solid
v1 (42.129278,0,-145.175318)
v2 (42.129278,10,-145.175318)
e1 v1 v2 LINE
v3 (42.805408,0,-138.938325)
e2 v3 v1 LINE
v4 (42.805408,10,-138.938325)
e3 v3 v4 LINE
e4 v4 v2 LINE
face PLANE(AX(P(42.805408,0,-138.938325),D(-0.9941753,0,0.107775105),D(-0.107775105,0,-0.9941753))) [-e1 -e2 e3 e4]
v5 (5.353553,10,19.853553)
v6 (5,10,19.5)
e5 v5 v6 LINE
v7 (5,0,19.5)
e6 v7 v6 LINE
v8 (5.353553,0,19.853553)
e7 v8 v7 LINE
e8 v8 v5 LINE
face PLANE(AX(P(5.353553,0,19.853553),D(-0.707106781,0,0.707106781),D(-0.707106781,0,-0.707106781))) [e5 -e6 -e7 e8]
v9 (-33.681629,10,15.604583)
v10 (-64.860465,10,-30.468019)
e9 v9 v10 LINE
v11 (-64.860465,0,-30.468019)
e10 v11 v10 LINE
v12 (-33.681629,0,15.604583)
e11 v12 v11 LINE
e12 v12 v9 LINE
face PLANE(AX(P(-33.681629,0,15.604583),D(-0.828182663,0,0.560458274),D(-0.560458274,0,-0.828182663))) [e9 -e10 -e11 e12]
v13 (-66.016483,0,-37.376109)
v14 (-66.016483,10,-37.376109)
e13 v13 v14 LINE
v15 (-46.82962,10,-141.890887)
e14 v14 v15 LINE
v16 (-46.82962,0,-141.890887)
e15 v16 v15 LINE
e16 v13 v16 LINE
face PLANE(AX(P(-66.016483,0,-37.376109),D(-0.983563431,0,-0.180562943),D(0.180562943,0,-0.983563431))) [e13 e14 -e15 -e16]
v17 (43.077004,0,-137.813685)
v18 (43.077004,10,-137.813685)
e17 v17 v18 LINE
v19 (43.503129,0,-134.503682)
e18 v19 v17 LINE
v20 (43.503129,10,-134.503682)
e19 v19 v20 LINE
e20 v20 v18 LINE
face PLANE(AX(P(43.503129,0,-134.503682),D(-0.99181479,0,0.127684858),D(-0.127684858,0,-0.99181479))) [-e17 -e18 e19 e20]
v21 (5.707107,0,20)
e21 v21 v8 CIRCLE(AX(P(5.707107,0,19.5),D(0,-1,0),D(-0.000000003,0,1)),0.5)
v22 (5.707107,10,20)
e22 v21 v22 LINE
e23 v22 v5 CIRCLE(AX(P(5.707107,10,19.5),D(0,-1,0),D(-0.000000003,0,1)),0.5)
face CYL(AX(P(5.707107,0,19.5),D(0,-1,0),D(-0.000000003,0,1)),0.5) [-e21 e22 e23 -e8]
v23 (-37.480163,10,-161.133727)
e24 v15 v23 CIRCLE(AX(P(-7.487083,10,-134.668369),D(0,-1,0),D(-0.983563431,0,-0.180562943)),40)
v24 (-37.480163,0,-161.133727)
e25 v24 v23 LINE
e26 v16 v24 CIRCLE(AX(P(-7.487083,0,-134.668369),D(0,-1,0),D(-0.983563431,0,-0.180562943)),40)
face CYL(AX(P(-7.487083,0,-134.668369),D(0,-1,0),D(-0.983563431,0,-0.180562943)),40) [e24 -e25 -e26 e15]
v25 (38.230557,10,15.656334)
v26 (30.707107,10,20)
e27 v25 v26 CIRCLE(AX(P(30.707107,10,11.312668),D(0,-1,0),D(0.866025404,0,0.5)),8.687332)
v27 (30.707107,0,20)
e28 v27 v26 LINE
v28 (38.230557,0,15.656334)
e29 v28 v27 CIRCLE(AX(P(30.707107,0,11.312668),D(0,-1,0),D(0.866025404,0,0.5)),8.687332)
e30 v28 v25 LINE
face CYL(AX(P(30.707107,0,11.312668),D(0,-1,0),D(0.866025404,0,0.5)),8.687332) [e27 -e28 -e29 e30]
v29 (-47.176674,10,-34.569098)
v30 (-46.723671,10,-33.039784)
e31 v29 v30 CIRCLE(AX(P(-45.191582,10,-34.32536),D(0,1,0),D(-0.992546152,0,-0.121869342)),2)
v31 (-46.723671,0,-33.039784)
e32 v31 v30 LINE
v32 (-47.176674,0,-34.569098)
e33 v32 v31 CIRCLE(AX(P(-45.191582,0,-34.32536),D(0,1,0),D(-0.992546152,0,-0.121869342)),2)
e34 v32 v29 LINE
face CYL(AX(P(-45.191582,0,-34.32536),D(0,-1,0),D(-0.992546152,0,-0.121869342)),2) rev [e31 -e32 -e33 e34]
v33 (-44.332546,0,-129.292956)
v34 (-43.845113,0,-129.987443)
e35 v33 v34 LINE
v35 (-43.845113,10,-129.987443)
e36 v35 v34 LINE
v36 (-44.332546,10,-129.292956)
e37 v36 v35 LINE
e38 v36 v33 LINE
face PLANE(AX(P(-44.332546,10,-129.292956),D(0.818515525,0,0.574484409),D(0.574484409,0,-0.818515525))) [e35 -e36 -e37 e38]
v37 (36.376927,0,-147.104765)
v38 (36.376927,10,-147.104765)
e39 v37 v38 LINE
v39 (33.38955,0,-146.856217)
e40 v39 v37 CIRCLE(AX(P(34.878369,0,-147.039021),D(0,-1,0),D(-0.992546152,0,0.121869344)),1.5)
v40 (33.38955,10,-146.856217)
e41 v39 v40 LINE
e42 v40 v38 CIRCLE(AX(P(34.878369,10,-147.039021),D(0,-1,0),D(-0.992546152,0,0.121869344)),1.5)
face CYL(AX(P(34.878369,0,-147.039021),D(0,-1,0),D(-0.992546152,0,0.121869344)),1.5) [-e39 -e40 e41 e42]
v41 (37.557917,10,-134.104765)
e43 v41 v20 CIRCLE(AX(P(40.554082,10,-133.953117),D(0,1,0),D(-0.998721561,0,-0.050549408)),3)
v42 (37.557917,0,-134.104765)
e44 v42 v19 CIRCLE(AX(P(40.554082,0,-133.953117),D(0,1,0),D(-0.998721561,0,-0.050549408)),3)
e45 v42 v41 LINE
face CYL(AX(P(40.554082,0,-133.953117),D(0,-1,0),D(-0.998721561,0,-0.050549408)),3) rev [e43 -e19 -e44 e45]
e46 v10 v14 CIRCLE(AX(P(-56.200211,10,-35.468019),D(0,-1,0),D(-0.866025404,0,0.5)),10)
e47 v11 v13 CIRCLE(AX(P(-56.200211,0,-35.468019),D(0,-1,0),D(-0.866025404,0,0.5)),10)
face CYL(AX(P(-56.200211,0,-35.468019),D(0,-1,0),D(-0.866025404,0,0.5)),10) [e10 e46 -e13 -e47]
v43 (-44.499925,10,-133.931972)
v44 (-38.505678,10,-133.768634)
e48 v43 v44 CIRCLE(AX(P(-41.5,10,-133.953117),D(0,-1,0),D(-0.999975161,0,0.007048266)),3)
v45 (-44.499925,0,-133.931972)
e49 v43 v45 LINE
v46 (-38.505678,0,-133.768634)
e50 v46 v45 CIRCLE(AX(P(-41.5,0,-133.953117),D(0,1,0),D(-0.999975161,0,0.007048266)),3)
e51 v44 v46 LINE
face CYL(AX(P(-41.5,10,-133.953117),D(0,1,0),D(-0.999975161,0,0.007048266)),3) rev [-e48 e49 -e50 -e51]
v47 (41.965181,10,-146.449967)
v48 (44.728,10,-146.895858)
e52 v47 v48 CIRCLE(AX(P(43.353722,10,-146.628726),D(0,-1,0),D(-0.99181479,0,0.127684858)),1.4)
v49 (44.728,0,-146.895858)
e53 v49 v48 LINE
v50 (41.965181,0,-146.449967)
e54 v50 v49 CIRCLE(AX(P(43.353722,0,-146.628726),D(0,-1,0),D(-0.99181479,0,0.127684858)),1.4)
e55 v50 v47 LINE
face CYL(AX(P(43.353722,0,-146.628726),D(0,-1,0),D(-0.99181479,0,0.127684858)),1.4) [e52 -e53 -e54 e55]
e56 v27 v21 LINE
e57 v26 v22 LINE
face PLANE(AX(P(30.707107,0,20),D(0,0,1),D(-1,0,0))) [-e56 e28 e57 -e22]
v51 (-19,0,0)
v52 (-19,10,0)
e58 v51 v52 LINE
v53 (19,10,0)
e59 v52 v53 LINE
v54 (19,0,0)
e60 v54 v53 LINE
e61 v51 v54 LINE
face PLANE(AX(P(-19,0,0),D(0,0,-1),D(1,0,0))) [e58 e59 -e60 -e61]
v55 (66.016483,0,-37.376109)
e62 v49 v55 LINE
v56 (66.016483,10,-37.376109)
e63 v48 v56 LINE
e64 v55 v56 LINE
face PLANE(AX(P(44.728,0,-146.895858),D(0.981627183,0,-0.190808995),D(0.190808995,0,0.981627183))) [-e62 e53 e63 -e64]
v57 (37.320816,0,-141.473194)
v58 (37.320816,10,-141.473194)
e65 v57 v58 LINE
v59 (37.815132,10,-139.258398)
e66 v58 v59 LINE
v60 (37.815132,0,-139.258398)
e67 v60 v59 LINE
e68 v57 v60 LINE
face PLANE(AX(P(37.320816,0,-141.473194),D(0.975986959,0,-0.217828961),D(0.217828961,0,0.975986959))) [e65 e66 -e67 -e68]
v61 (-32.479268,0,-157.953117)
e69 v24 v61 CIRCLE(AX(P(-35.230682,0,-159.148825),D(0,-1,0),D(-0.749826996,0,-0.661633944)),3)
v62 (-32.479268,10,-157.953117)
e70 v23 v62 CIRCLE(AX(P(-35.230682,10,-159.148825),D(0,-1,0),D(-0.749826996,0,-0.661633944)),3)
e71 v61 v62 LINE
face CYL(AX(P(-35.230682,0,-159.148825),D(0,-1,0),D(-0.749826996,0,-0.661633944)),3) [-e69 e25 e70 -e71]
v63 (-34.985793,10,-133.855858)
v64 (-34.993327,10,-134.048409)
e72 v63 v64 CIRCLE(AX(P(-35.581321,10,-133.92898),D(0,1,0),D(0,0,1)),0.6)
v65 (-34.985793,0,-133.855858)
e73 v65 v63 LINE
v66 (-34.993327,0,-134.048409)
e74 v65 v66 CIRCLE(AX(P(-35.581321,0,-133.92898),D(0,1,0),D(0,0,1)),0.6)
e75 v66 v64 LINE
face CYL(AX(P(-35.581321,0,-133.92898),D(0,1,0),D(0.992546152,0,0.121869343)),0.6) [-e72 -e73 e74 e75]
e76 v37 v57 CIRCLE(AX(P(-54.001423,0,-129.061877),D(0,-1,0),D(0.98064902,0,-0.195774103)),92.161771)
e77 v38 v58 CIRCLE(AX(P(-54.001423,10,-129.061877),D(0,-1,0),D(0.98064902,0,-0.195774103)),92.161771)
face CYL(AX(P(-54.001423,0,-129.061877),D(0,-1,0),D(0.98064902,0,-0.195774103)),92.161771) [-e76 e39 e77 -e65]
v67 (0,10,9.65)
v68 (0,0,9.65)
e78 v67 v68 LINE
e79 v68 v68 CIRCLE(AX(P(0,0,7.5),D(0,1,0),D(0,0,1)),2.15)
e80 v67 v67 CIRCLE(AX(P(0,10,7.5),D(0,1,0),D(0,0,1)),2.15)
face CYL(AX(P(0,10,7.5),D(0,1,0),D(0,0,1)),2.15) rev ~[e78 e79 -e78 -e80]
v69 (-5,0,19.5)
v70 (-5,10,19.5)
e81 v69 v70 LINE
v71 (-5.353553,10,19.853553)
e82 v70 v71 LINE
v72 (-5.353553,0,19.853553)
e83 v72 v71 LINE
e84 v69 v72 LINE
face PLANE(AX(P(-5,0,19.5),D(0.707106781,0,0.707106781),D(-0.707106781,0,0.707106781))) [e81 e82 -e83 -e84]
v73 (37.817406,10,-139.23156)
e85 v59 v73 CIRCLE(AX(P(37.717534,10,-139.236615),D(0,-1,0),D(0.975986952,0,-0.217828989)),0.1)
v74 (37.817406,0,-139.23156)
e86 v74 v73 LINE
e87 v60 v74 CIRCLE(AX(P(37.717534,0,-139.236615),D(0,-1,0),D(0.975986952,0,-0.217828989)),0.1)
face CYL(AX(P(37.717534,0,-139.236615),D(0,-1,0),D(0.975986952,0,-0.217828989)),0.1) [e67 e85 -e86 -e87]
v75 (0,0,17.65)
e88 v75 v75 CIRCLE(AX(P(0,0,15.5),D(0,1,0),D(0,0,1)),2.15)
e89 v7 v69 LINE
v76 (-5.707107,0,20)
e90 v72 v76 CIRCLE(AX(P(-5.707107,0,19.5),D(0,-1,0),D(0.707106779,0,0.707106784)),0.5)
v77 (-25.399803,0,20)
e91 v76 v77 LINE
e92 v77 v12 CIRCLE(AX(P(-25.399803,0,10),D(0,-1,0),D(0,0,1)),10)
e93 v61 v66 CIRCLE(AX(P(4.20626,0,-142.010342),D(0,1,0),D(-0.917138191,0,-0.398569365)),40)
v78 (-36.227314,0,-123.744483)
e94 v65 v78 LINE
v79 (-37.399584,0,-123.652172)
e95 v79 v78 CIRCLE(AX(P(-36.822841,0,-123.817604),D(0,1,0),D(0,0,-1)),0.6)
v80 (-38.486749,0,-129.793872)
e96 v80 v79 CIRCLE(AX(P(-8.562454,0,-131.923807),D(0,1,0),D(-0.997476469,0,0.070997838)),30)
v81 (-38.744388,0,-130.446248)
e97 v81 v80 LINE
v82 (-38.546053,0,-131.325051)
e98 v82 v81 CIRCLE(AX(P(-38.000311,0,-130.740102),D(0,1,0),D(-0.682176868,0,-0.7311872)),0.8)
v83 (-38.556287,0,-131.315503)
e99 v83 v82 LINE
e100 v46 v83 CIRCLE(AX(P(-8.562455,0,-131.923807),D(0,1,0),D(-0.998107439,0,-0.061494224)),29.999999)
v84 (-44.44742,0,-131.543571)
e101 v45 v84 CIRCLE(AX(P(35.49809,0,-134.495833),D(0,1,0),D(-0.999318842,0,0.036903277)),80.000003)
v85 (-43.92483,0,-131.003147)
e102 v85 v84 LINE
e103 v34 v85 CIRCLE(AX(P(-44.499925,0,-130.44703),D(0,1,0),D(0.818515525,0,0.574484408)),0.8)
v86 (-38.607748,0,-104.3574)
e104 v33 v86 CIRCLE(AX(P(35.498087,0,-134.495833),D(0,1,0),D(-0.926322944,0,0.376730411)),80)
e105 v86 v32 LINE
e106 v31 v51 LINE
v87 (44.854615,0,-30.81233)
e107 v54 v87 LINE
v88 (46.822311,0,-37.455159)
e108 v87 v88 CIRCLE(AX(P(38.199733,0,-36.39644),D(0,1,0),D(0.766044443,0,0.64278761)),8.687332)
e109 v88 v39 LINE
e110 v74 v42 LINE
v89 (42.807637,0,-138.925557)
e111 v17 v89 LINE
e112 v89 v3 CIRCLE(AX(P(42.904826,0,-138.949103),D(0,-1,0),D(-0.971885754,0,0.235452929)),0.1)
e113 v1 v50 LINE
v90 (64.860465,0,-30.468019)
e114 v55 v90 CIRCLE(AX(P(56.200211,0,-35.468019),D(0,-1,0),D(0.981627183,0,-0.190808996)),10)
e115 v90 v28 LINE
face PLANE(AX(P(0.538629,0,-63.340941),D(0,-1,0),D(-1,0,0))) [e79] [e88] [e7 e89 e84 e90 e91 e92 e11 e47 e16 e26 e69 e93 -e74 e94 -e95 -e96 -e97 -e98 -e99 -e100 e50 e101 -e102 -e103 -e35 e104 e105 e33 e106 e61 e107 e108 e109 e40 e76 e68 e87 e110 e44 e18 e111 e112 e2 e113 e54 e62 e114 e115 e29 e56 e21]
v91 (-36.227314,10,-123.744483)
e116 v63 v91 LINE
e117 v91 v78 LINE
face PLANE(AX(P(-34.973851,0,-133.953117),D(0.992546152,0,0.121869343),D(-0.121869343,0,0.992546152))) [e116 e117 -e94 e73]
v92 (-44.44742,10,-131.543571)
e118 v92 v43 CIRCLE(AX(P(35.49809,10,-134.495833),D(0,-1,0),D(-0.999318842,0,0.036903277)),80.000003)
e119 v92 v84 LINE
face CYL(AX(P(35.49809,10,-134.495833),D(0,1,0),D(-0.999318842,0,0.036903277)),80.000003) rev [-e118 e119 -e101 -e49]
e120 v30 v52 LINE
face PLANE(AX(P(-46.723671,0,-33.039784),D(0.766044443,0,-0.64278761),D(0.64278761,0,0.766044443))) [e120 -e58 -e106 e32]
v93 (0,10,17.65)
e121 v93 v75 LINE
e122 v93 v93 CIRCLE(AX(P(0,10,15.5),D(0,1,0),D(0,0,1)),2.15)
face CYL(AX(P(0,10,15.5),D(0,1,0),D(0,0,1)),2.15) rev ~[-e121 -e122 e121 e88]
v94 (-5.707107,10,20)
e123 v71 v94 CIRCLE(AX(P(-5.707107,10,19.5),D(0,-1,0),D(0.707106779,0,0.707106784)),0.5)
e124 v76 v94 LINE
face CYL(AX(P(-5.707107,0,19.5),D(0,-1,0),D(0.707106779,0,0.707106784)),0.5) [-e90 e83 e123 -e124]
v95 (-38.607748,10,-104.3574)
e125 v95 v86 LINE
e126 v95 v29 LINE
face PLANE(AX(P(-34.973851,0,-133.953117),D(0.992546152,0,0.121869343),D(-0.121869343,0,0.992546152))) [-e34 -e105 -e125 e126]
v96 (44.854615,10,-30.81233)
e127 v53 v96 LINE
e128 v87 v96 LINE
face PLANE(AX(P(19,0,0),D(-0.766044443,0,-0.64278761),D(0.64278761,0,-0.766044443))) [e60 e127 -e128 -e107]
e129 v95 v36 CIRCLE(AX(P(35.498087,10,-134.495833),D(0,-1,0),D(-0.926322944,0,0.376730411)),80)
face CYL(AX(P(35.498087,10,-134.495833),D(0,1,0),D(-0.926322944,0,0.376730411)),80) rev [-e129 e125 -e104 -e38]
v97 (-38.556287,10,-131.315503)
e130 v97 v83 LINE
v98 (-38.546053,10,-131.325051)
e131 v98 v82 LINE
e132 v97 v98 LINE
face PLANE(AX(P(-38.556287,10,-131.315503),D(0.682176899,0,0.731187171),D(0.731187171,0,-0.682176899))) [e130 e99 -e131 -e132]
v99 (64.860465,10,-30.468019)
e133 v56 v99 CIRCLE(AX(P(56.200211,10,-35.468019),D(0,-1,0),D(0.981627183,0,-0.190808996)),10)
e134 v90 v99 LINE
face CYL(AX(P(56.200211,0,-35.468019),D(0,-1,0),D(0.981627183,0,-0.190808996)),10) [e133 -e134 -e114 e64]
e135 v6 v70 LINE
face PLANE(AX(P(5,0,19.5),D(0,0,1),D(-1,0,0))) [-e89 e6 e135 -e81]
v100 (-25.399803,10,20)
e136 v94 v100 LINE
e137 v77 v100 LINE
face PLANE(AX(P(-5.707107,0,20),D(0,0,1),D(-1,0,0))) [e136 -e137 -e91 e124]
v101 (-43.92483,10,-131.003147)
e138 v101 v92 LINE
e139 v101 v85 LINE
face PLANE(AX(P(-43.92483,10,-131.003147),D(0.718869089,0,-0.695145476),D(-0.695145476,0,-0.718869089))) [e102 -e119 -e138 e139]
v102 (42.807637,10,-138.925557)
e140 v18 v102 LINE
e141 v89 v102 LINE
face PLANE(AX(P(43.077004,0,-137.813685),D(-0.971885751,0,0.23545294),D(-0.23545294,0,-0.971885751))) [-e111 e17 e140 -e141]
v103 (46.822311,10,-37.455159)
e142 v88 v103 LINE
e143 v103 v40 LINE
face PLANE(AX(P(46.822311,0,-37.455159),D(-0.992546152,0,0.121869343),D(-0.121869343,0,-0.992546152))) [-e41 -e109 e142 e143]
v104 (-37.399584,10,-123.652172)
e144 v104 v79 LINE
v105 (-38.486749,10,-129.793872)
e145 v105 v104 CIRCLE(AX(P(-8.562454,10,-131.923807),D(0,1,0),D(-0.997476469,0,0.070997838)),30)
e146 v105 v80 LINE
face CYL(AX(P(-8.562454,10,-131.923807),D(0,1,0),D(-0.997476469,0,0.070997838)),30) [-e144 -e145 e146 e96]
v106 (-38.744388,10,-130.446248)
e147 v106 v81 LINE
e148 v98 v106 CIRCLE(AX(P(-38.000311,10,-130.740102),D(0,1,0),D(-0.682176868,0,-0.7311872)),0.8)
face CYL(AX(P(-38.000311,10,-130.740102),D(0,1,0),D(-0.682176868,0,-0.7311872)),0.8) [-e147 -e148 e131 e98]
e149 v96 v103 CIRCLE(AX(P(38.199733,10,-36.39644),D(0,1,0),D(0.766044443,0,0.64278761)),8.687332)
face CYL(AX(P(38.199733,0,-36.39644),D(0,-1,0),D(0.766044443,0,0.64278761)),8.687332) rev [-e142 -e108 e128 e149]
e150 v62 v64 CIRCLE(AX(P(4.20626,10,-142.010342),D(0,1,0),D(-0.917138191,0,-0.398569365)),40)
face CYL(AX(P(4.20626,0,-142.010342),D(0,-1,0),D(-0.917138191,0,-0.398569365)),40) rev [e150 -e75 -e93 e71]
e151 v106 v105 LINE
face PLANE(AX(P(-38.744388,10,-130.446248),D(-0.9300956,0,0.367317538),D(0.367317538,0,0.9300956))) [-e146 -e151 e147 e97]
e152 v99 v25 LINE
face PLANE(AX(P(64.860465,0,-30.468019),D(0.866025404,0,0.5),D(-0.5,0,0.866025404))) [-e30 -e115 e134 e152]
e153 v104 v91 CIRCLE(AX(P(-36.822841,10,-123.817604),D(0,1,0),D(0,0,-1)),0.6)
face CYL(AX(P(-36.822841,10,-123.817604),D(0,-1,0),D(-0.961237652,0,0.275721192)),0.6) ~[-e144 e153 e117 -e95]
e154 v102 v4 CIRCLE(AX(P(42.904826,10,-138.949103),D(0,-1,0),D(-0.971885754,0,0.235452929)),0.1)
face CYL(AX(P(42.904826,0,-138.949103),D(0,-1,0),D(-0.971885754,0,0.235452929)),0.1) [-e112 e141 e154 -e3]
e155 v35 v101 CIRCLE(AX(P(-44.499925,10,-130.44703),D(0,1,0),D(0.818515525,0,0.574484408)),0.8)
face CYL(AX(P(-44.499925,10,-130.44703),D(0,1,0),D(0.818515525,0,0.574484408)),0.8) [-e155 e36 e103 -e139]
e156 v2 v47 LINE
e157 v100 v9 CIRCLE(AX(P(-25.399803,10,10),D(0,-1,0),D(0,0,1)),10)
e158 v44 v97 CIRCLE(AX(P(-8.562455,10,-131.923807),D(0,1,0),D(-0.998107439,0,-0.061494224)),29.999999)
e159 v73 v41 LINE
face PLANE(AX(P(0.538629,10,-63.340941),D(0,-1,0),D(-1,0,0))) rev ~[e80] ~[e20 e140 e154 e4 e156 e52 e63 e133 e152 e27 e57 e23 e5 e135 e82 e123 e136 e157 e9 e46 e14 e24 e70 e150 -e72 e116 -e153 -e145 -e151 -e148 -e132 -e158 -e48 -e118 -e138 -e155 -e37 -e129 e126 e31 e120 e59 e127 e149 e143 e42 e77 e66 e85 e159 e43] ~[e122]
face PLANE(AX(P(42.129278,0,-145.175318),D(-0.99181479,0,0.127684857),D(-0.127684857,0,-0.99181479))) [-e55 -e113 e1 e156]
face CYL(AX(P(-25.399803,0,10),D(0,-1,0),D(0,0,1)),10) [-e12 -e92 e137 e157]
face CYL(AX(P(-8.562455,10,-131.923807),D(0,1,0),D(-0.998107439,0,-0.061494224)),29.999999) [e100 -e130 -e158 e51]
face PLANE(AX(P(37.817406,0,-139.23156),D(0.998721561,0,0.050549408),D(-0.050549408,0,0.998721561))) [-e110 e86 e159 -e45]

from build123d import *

# Parameters (mm, degrees)
EXTRUDE_1_DEPTH     = 10
CUT_EXTRUDE_1_REACH = 177.427
SKETCH_2_R          = 2.15
FILLET_1_R          = 0.6


with BuildPart() as part:
    # 草图1 → 凸台-拉伸1 (new body)
    with BuildSketch(Plane(origin=(0, 0, 0), x_dir=(1, 0, 0), z_dir=(0, 1, 0))):
        with BuildLine():
            Line((-19, 0), (19, 0))
            Line((19, 0), (44.854614973, 30.81233028))
            ThreePointArc((44.854614973, 30.81233028), (46.529317931, 33.929104052), (46.82231051, 37.455159084))
            Line((46.82231051, 37.455159084), (33.389549678, 146.856216784))
            ThreePointArc((33.389549678, 146.856216784), (34.753999407, 148.533855984), (36.376927445, 147.104765038))
            ThreePointArc((36.376927445, 147.104765038), (36.892496808, 144.296291333), (37.320815542, 141.473193853))
            Line((37.320815542, 141.473193853), (37.815132232, 139.258398169))
            ThreePointArc((37.815132232, 139.258398169), (37.817176658, 139.245056143), (37.817405692, 139.231560332))
            Line((37.817405692, 139.231560332), (37.557917484, 134.104765038))
            ThreePointArc((37.557917484, 134.104765038), (40.754926912, 130.959847465), (43.503129215, 134.503681536))
            Line((43.503129215, 134.503681536), (43.077003941, 137.813685213))
            Line((43.077003941, 137.813685213), (42.807637334, 138.925557366))
            ThreePointArc((42.807637334, 138.925557366), (42.806315787, 138.931905108), (42.80540838, 138.938325149))
            Line((42.80540838, 138.938325149), (42.129277547, 145.175318139))
            Line((42.129277547, 145.175318139), (41.965181023, 146.44996701))
            ThreePointArc((41.965181023, 146.44996701), (43.130662006, 148.010841711), (44.727999785, 146.895858405))
            Line((44.727999785, 146.895858405), (66.016482503, 37.376109146))
            ThreePointArc((66.016482503, 37.376109146), (66.063066684, 33.817543133), (64.860464706, 30.468019192))
            Line((64.860464706, 30.468019192), (38.23055697, -15.656334008))
            ThreePointArc((38.23055697, -15.656334008), (35.050772773, -18.836118205), (30.707106781, -20))
            Line((30.707106781, -20), (5.707106781, -20))
            ThreePointArc((5.707106781, -20), (5.515765065, -19.961939766), (5.353553391, -19.853553391))
            Line((5.353553391, -19.853553391), (5, -19.5))
            Line((5, -19.5), (-5, -19.5))
            Line((-5, -19.5), (-5.353553391, -19.853553391))
            ThreePointArc((-5.353553391, -19.853553391), (-5.515765065, -19.961939766), (-5.707106781, -20))
            Line((-5.707106781, -20), (-25.399802658, -20))
            ThreePointArc((-25.399802658, -20), (-30.087775174, -18.833058003), (-33.681629288, -15.604582738))
            Line((-33.681629288, -15.604582738), (-64.860464706, 30.468019192))
            ThreePointArc((-64.860464706, 30.468019192), (-66.063066684, 33.817543133), (-66.016482503, 37.376109146))
            Line((-66.016482503, 37.376109146), (-46.829620455, 141.890886738))
            ThreePointArc((-46.829620455, 141.890886738), (-43.465252598, 152.148967586), (-37.480163066, 161.13372674))
            ThreePointArc((-37.480163066, 161.13372674), (-33.620696298, 161.680216975), (-32.479267504, 157.953116813))
            ThreePointArc((-32.479267504, 157.953116813), (-35.579400499, 146.14570295), (-34.973851142, 133.953116813))
            Line((-34.973851142, 133.953116813), (-47.176674229, 34.569098196))
            ThreePointArc((-47.176674229, 34.569098196), (-47.109221395, 33.75732882), (-46.723670812, 33.03978429))
            Line((-46.723670812, 33.03978429), (-19, 0))
        make_face()
    extrude(amount=EXTRUDE_1_DEPTH)

    # 草图2 → 切除-拉伸1 (cut, up to next)
    with BuildSketch(Plane(origin=(0, 10, 0), x_dir=(1, 0, 0), z_dir=(0, 1, 0)), mode=Mode.PRIVATE) as cut_extrude_1_sk1:
        with Locations(Location((0, -15.5, 0), (0, 0, 270))):
            Circle(SKETCH_2_R)
    cut_extrude_1_tool1 = extrude(cut_extrude_1_sk1.sketch, amount=-CUT_EXTRUDE_1_REACH, mode=Mode.PRIVATE) & part.part
    # 草图2 → 切除-拉伸1 (cut, up to next)
    with BuildSketch(Plane(origin=(0, 10, 0), x_dir=(1, 0, 0), z_dir=(0, 1, 0)), mode=Mode.PRIVATE) as cut_extrude_1_sk2:
        with Locations(Location((0, -7.5, 0), (0, 0, 270))):
            Circle(SKETCH_2_R)
    cut_extrude_1_tool2 = extrude(cut_extrude_1_sk2.sketch, amount=-CUT_EXTRUDE_1_REACH, mode=Mode.PRIVATE) & part.part
    # 草图2 → 切除-拉伸1 (cut, up to next)
    with BuildSketch(Plane(origin=(0, 10, 0), x_dir=(1, 0, 0), z_dir=(0, 1, 0)), mode=Mode.PRIVATE) as cut_extrude_1_sk3:
        with BuildLine():
            Line((-36.549558395, 121.120011078), (-38.607748185, 104.35740041))
            ThreePointArc((-38.607748185, 104.35740041), (-42.47341142, 116.594845153), (-44.332546284, 129.292956179))
            Line((-44.332546284, 129.292956179), (-43.845113062, 129.987442667))
            ThreePointArc((-43.845113062, 129.987442667), (-43.702378092, 130.509625408), (-43.924830211, 131.003146575))
            Line((-43.924830211, 131.003146575), (-44.447419993, 131.543571067))
            ThreePointArc((-44.447419993, 131.543571067), (-44.482588605, 132.737575539), (-44.499925482, 133.931972015))
            ThreePointArc((-44.499925482, 133.931972015), (-41.418283025, 136.952003662), (-38.505677682, 133.768634142))
            ThreePointArc((-38.505677682, 133.768634142), (-38.556072369, 132.542586282), (-38.556286633, 131.315503182))
            Line((-38.556286633, 131.315503182), (-38.546052546, 131.325051295))
            ThreePointArc((-38.546052546, 131.325051295), (-38.780683801, 130.91622187), (-38.744387532, 130.446247504))
            Line((-38.744387532, 130.446247504), (-38.486748585, 129.793872308))
            ThreePointArc((-38.486748585, 129.793872308), (-37.841140795, 125.384806825), (-36.549558395, 121.120011078))
        make_face()
    cut_extrude_1_tool3 = extrude(cut_extrude_1_sk3.sketch, amount=-CUT_EXTRUDE_1_REACH, mode=Mode.PRIVATE) & part.part
    add(cut_extrude_1_tool1.solids().sort_by_distance((0, 10, 15.5))[0], mode=Mode.SUBTRACT)
    add(cut_extrude_1_tool2.solids().sort_by_distance((0, 10, 7.5))[0], mode=Mode.SUBTRACT)
    add(cut_extrude_1_tool3.solids().sort_by_distance((-40.502089, 10, -123.156617))[0], mode=Mode.SUBTRACT)

    # 圆角1
    fillet_1_edges = [part.edges().sort_by_distance(p)[0] for p in [
        (-36.549558395, 5, -121.120011078),
        (-34.973851142, 5, -133.953116813),
    ]]
    fillet(fillet_1_edges, radius=FILLET_1_R)


solid = part.part
